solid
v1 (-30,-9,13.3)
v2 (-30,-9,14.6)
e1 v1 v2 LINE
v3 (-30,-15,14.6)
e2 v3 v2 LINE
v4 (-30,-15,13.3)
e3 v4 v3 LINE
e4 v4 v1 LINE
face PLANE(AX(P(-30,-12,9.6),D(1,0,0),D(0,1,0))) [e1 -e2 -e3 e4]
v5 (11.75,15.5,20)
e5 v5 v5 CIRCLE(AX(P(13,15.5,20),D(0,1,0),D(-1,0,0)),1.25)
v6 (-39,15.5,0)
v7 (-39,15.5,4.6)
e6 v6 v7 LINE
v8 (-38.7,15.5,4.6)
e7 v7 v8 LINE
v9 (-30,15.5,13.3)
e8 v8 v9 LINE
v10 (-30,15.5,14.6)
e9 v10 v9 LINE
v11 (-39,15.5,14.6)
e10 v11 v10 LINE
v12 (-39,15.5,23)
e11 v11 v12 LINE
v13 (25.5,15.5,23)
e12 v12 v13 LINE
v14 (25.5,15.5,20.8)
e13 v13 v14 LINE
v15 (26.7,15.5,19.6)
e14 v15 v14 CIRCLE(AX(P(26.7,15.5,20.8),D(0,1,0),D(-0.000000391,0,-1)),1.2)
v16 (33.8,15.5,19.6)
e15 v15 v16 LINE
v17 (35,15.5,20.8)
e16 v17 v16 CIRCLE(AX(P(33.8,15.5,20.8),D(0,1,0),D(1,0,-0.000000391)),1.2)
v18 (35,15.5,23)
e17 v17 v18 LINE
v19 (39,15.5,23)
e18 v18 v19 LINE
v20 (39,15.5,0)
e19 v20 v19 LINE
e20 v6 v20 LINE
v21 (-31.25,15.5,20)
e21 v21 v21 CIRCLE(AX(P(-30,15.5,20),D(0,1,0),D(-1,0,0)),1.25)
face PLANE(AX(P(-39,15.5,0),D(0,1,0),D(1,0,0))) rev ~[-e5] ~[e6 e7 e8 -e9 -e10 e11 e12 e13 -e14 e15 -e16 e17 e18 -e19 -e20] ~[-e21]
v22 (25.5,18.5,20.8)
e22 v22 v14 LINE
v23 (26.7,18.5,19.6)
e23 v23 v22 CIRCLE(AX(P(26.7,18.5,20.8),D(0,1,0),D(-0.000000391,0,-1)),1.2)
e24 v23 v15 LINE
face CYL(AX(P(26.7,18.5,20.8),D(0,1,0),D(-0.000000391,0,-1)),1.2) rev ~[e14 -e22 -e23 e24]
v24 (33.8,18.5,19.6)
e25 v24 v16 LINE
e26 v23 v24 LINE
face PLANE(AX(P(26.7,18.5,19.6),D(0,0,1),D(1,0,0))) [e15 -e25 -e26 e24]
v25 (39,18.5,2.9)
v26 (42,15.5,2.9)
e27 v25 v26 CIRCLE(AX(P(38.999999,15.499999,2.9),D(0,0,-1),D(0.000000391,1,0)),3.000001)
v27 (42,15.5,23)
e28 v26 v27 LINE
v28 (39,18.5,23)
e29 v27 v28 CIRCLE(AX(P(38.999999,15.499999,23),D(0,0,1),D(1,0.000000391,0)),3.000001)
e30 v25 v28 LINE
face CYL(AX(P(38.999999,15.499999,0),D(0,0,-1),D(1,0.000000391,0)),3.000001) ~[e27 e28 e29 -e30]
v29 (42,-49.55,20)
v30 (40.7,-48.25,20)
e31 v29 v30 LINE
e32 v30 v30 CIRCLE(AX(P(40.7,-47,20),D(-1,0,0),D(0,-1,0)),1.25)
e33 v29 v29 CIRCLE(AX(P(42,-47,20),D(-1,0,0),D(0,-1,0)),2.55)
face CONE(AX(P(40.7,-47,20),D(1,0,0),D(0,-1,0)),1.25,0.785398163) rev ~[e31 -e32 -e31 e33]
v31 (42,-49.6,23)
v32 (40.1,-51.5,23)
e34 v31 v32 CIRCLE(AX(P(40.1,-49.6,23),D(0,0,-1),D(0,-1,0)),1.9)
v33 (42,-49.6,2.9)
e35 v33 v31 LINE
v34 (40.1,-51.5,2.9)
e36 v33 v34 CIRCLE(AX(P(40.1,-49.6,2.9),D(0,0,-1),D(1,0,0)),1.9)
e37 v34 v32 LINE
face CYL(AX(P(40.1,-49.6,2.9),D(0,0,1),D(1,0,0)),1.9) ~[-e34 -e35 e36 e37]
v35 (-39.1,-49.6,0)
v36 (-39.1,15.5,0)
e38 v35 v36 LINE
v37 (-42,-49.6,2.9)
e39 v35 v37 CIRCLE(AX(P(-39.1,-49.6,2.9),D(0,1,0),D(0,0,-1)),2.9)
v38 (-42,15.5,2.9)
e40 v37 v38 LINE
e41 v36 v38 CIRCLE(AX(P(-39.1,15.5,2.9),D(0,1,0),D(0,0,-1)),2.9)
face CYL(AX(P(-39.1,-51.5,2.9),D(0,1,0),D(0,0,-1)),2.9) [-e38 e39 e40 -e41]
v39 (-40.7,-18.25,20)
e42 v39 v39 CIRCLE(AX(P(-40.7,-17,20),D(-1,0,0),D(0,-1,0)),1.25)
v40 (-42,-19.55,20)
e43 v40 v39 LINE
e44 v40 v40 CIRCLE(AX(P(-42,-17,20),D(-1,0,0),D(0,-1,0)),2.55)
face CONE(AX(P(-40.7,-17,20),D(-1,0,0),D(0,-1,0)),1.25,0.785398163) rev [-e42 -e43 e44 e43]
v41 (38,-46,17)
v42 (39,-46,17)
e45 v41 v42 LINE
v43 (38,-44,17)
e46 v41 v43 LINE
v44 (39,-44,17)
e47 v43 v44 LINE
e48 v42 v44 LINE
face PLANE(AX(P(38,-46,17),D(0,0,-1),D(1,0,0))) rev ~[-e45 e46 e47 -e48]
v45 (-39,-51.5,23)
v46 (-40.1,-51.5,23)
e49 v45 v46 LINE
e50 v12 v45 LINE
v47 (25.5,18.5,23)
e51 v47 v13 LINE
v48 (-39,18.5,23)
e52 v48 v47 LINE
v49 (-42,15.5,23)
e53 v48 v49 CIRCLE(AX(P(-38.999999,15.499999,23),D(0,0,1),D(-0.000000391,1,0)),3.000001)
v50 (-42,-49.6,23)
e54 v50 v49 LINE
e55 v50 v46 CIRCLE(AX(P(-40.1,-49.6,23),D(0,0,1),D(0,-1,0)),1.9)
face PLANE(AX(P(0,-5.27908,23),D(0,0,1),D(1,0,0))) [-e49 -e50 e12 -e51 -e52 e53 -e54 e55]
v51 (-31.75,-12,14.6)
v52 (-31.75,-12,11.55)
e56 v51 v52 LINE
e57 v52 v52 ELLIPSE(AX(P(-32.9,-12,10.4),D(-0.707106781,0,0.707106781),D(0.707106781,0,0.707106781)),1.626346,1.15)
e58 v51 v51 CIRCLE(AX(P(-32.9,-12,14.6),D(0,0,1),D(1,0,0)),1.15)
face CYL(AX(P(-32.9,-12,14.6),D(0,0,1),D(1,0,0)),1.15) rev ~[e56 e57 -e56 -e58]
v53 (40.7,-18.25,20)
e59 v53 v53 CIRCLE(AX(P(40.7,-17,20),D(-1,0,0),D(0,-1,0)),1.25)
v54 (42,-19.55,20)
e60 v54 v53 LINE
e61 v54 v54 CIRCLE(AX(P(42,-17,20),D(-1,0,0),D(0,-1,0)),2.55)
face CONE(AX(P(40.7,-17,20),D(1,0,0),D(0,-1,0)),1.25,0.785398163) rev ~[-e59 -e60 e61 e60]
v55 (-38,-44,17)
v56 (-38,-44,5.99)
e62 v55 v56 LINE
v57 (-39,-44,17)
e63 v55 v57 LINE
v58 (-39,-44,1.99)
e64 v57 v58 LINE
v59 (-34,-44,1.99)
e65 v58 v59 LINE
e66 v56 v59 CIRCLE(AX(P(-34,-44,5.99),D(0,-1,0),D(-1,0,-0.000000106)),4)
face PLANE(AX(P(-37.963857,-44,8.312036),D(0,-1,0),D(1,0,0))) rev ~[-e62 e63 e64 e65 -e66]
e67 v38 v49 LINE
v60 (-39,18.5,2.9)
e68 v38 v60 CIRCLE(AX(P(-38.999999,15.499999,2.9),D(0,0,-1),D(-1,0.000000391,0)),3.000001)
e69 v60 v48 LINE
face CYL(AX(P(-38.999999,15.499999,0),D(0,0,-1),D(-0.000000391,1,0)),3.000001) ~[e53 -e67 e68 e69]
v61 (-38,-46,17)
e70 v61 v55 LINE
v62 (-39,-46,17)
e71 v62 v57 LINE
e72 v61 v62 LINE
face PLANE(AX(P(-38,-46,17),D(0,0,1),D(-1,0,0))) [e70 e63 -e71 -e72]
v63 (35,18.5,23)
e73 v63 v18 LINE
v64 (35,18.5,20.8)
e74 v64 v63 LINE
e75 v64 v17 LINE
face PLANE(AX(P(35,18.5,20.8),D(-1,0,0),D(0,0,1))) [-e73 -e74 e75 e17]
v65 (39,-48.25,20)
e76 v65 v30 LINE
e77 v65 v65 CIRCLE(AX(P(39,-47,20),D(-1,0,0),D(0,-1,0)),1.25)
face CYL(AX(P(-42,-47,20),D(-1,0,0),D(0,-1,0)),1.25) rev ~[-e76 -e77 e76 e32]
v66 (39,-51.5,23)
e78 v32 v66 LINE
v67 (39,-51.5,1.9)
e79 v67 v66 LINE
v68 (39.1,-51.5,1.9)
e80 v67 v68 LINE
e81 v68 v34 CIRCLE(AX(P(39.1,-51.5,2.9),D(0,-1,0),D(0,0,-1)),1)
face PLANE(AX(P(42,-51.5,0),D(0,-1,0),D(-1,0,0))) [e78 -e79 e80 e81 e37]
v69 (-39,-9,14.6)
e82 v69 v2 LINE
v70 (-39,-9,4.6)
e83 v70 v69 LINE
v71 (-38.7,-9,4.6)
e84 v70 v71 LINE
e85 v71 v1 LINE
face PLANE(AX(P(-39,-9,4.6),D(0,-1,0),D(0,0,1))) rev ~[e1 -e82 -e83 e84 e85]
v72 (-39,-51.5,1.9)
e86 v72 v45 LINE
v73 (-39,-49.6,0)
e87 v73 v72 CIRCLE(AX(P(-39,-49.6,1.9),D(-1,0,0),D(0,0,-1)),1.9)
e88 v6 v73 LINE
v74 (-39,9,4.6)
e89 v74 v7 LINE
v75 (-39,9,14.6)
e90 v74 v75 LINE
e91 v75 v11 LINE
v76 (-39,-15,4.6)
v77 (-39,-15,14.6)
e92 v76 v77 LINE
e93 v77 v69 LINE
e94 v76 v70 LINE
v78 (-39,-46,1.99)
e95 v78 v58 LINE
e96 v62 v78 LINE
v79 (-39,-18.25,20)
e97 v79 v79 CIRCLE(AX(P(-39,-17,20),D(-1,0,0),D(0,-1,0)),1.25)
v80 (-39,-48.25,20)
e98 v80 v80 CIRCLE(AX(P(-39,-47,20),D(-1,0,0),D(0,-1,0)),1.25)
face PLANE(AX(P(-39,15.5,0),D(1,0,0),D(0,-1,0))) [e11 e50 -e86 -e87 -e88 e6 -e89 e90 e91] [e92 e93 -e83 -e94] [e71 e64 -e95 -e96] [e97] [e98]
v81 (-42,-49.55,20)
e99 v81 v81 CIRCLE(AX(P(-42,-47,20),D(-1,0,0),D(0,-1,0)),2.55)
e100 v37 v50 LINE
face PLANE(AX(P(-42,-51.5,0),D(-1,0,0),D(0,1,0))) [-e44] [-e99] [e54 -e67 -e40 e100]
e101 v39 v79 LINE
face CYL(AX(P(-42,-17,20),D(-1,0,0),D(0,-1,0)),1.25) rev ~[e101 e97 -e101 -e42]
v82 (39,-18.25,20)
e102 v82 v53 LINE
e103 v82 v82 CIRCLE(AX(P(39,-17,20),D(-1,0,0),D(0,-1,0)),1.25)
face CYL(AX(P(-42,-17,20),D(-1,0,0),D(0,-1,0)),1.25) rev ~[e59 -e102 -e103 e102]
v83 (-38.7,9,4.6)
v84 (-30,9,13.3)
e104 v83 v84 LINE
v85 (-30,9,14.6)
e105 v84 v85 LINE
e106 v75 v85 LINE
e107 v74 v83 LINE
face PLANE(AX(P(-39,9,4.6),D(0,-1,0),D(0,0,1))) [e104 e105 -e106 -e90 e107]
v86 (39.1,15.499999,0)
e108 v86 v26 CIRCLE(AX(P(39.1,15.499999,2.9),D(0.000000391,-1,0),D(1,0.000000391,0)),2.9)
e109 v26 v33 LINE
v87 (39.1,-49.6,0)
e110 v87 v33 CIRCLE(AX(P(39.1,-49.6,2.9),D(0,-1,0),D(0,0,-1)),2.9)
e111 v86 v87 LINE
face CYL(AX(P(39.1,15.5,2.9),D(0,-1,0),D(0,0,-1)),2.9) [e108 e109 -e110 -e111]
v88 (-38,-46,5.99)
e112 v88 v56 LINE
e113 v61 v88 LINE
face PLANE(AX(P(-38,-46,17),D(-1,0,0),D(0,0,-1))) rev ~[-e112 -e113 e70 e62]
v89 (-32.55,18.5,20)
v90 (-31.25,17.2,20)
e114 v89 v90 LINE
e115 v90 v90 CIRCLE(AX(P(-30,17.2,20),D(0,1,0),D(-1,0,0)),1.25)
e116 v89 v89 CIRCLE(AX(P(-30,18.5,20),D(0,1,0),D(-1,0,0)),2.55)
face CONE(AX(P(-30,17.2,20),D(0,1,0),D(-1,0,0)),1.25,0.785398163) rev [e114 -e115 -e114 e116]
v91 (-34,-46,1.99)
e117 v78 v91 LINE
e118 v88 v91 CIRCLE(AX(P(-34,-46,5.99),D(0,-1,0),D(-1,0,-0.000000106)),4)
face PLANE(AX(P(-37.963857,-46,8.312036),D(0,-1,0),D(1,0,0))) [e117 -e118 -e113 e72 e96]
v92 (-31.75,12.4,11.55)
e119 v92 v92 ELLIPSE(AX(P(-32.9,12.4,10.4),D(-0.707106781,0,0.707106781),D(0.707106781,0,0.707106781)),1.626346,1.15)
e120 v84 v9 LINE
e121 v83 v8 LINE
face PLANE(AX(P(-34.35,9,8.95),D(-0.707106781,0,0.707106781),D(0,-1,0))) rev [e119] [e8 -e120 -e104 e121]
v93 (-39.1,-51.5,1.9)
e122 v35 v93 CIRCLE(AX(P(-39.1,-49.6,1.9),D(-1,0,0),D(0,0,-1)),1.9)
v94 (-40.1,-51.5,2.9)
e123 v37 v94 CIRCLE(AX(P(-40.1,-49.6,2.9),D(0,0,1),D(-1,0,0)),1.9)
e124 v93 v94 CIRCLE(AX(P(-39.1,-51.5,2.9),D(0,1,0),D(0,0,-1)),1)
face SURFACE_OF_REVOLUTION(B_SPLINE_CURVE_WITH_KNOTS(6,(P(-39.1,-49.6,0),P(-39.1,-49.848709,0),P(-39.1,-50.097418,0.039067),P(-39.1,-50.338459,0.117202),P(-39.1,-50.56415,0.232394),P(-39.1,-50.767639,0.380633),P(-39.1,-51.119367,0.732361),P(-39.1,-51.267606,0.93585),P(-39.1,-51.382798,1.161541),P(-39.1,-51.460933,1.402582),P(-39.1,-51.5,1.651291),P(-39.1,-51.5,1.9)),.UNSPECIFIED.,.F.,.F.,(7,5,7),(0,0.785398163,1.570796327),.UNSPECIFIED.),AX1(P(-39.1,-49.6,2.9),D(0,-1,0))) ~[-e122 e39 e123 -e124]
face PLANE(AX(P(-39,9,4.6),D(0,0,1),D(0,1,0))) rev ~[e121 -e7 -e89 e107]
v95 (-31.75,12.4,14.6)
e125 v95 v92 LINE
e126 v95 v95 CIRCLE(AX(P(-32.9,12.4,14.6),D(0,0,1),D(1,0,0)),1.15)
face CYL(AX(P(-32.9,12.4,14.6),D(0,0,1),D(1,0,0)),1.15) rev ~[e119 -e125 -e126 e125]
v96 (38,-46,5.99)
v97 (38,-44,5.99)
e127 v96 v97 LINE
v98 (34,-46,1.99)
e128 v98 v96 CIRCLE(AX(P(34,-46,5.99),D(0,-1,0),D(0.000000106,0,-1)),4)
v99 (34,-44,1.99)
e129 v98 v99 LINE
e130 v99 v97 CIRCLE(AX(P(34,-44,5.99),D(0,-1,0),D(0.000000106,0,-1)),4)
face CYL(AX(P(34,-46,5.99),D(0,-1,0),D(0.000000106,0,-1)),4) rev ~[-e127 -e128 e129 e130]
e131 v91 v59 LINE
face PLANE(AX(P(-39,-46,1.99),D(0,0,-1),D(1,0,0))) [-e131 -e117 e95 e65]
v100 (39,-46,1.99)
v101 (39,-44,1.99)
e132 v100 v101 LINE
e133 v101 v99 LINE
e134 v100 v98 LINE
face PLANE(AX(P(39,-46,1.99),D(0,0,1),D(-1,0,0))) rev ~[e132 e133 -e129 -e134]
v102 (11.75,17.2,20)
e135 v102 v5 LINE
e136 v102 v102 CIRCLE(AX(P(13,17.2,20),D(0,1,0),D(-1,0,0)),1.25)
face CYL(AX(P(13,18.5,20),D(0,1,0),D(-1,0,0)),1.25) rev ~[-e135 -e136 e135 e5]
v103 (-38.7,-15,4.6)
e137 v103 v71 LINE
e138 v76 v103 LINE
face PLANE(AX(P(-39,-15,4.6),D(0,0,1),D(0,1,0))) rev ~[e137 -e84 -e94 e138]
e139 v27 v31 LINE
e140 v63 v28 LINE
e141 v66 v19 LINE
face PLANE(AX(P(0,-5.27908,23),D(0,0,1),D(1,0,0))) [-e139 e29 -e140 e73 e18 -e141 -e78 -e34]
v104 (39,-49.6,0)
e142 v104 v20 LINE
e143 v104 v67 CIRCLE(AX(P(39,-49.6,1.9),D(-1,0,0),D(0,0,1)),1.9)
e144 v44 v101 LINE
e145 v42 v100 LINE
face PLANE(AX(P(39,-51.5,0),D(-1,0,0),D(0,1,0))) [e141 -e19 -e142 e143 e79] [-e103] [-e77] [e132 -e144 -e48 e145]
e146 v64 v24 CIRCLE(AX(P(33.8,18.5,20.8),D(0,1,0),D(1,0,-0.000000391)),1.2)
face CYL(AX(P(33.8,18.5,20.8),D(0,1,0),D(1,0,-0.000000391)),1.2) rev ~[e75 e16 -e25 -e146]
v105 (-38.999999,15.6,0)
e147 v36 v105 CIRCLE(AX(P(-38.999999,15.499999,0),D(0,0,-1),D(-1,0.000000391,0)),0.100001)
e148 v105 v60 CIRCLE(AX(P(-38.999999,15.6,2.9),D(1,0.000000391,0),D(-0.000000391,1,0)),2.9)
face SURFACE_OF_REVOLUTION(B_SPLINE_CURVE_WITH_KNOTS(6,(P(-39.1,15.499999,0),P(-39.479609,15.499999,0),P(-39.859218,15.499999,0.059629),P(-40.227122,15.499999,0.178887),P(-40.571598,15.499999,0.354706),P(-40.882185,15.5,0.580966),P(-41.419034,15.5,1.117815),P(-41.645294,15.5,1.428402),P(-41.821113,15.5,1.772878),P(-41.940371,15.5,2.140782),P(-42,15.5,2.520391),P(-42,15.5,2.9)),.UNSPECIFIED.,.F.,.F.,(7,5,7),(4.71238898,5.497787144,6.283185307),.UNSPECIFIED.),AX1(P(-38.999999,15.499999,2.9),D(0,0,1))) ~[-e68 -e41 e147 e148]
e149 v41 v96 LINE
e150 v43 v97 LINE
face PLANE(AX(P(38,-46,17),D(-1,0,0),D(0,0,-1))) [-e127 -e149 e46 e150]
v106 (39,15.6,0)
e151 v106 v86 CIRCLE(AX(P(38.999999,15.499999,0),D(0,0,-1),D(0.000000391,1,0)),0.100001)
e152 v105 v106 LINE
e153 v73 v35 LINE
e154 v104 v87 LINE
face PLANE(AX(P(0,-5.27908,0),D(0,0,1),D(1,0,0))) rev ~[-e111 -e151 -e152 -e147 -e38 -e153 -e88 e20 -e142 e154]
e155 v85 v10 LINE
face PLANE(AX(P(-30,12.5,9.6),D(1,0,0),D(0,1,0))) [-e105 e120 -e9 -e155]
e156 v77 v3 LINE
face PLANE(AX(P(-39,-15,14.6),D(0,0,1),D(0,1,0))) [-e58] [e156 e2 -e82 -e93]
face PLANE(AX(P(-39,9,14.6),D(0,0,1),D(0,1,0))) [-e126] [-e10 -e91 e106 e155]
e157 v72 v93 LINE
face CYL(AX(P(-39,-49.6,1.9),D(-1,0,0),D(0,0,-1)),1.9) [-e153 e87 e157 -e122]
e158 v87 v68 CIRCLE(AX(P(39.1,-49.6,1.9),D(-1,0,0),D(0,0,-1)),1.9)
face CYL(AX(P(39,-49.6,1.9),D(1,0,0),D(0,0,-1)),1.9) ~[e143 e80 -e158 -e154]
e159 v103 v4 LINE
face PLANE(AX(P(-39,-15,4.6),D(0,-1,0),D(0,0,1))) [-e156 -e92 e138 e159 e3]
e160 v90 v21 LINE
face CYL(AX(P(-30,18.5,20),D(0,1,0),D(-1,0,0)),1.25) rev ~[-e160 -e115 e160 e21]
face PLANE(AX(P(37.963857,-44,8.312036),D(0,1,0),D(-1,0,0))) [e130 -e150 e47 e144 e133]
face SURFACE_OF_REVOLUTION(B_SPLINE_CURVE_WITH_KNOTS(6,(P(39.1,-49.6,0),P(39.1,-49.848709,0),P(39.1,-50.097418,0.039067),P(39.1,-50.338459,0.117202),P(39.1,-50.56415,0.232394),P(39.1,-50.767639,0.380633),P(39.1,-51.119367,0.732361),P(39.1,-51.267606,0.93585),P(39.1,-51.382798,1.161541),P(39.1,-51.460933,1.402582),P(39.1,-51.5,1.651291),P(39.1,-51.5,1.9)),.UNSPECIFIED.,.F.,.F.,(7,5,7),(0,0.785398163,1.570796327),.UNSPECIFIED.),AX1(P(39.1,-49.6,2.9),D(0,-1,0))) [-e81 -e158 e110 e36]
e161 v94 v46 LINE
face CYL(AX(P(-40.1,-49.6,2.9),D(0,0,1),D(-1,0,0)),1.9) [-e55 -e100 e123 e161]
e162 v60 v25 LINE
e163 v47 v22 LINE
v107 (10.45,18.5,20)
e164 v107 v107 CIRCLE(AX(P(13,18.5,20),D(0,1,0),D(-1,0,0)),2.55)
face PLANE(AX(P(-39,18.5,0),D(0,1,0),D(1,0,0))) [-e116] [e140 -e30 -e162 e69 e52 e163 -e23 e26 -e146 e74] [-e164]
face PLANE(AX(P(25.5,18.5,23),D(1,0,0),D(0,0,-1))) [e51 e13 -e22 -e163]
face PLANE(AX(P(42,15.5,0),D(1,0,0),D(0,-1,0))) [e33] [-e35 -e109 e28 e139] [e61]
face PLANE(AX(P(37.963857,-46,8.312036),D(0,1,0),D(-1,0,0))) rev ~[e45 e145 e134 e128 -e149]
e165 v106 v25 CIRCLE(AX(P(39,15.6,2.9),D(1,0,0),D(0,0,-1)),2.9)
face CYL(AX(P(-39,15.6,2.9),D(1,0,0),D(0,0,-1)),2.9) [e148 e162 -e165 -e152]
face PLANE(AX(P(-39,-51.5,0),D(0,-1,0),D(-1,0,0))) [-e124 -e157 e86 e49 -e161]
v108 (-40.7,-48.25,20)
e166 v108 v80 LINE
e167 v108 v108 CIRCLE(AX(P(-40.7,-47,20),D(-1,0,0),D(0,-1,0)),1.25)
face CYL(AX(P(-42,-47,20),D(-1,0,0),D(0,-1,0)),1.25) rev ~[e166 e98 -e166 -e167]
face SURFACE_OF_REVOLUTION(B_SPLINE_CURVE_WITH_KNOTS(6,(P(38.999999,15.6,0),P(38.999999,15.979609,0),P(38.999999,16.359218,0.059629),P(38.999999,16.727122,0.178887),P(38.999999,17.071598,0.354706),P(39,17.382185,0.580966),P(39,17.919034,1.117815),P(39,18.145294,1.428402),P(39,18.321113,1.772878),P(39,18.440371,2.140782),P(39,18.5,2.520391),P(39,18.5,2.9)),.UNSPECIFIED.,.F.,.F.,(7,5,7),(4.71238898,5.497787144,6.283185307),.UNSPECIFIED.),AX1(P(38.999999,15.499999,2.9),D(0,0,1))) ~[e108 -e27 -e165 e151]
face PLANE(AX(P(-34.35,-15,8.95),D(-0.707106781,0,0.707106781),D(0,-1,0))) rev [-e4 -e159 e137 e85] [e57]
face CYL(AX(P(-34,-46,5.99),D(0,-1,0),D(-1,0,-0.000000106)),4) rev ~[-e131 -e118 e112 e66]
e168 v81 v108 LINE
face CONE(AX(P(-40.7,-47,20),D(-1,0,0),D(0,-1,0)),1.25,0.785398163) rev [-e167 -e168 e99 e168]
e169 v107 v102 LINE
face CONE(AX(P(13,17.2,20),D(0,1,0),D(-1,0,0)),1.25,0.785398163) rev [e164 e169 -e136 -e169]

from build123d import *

# Parameters (mm, degrees)
PAD011_DEPTH    = 23
POCKET004_DEPTH = 5
SKETCH018_R     = 1.25
POCKET005_DEPTH = 84.001
SKETCH019_R     = 1.25
POCKET006_DEPTH = 5
CHAMFER_SIZE    = 1.3
PAD015_DEPTH    = 2
FILLET004_R     = 2.9
FILLET005_R     = 1.9
SKETCH023_W     = 6
SKETCH023_H     = 10
SKETCH023_W_2   = 7
PAD016_DEPTH    = 9
CHAMFER001_SIZE = 8.7
SKETCH024_R     = 1.15
POCKET007_DEPTH = 7


with BuildPart() as part:
    # Sketch015 → Pad011 (new body)
    with BuildSketch(Plane.XY):
        with BuildLine():
            ThreePointArc((-39, 18.5), (-41.12132, 17.62132), (-42, 15.5))
            Line((-42, -51.5), (-42, 15.5))
            Line((-39, -51.5), (-42, -51.5))
            Line((-39, 15.5), (-39, -51.5))
            Line((-39, 15.5), (39, 15.5))
            Line((39, -51.5), (39, 15.5))
            Line((42, -51.5), (39, -51.5))
            Line((42, 15.5), (42, -51.5))
            ThreePointArc((42, 15.5), (41.12132, 17.62132), (39, 18.5))
            Line((-39, 18.5), (39, 18.5))
        make_face()
    extrude(amount=PAD011_DEPTH)

    # Sketch017 (on Face10 of Pad011) → Pocket004 (cut)
    with BuildSketch(Plane(origin=(0, 18.5, 0), x_dir=(-1, 0, 0), z_dir=(0, 1, 0))):
        with BuildLine():
            Line((-25.5, 23), (-25.5, 20.8))
            ThreePointArc((-26.7, 19.6), (-25.851472, 19.951472), (-25.5, 20.8))
            Line((-26.7, 19.6), (-33.8, 19.6))
            ThreePointArc((-35, 20.8), (-34.648528, 19.951472), (-33.8, 19.6))
            Line((-35, 20.8), (-35, 23))
            Line((-35, 23), (-25.5, 23))
        make_face()
    extrude(amount=-POCKET004_DEPTH, mode=Mode.SUBTRACT)

    # Sketch018 (on Face3 of Pocket004) → Pocket005 (cut, through all)
    with BuildSketch(Plane(origin=(-42, 0, 0), x_dir=(0, -1, 0), z_dir=(-1, 0, 0))):
        with Locations((17, 20)):
            Circle(SKETCH018_R)
        with Locations((47, 20)):
            Circle(SKETCH018_R)
    extrude(amount=-POCKET005_DEPTH, mode=Mode.SUBTRACT)

    # Sketch019 (on Face2 of Pocket005) → Pocket006 (cut)
    with BuildSketch(Plane(origin=(0, 18.5, 0), x_dir=(-1, 0, 0), z_dir=(0, 1, 0))):
        with Locations((-13, 20)):
            Circle(SKETCH019_R)
        with Locations((30, 20)):
            Circle(SKETCH019_R)
    extrude(amount=-POCKET006_DEPTH, mode=Mode.SUBTRACT)

    # Chamfer
    chamfer_edges = [part.edges().sort_by_distance(p)[0] for p in [
        (14.25, 18.5, 20),
        (-28.75, 18.5, 20),
        (-42, -45.75, 20),
        (42, -45.75, 20),
        (42, -15.75, 20),
        (-42, -15.75, 20),
    ]]
    chamfer(chamfer_edges, length=CHAMFER_SIZE)

    # Sketch022 (on Face16 of Chamfer) → Pad015 (join)
    with BuildSketch(Plane.XZ.offset(46)):
        with BuildLine():
            Line((38, 17), (39, 17))
            Line((39, 17), (39, 1.99))
            Line((39, 1.99), (34, 1.99))
            ThreePointArc((34, 1.99), (36.828427, 3.161573), (38, 5.99))
            Line((38, 17), (38, 5.99))
        make_face()
        with BuildLine():
            Line((-38, 17), (-39, 17))
            Line((-39, 17), (-39, 1.99))
            Line((-39, 1.99), (-34, 1.99))
            ThreePointArc((-38, 5.99), (-36.828427, 3.161573), (-34, 1.99))
            Line((-38, 17), (-38, 5.99))
        make_face()
    extrude(amount=-PAD015_DEPTH)

    # Fillet004
    fillet004_edges = [part.edges().sort_by_distance(p)[0] for p in [
        (42, -18, 0),
        (41.12132, 17.62132, 0),
        (0, 18.5, 0),
        (-41.12132, 17.62132, 0),
        (-42, -18, 0),
    ]]
    fillet(fillet004_edges, radius=FILLET004_R)

    # Fillet005
    fillet005_edges = [part.edges().sort_by_distance(p)[0] for p in [
        (-42, -51.5, 12.95),
        (42, -51.5, 12.95),
        (41.15061, -51.5, 0.84939),
        (-41.15061, -51.5, 0.84939),
    ]]
    fillet(fillet005_edges, radius=FILLET005_R)

    # Sketch023 (on Face4 of Fillet005) → Pad016 (join)
    with BuildSketch(Plane.YZ.offset(-39)):
        with Locations((-12, 9.6)):
            Rectangle(SKETCH023_W, SKETCH023_H)
        with Locations((12.5, 9.6)):
            Rectangle(SKETCH023_W_2, SKETCH023_H)
    extrude(amount=PAD016_DEPTH)

    # Chamfer001
    chamfer001_edges = [part.edges().sort_by_distance(p)[0] for p in [
        (-30, 12.25, 4.6),
        (-30, -12, 4.6),
    ]]
    chamfer(chamfer001_edges, length=CHAMFER001_SIZE)

    # Sketch024 (on Face26 of Chamfer001) → Pocket007 (cut)
    with BuildSketch(Plane.XY.offset(14.6)):
        with Locations((-32.9, -12)):
            Circle(SKETCH024_R)
        with Locations((-32.9, 12.4)):
            Circle(SKETCH024_R)
    extrude(amount=-POCKET007_DEPTH, mode=Mode.SUBTRACT)


solid = part.part
